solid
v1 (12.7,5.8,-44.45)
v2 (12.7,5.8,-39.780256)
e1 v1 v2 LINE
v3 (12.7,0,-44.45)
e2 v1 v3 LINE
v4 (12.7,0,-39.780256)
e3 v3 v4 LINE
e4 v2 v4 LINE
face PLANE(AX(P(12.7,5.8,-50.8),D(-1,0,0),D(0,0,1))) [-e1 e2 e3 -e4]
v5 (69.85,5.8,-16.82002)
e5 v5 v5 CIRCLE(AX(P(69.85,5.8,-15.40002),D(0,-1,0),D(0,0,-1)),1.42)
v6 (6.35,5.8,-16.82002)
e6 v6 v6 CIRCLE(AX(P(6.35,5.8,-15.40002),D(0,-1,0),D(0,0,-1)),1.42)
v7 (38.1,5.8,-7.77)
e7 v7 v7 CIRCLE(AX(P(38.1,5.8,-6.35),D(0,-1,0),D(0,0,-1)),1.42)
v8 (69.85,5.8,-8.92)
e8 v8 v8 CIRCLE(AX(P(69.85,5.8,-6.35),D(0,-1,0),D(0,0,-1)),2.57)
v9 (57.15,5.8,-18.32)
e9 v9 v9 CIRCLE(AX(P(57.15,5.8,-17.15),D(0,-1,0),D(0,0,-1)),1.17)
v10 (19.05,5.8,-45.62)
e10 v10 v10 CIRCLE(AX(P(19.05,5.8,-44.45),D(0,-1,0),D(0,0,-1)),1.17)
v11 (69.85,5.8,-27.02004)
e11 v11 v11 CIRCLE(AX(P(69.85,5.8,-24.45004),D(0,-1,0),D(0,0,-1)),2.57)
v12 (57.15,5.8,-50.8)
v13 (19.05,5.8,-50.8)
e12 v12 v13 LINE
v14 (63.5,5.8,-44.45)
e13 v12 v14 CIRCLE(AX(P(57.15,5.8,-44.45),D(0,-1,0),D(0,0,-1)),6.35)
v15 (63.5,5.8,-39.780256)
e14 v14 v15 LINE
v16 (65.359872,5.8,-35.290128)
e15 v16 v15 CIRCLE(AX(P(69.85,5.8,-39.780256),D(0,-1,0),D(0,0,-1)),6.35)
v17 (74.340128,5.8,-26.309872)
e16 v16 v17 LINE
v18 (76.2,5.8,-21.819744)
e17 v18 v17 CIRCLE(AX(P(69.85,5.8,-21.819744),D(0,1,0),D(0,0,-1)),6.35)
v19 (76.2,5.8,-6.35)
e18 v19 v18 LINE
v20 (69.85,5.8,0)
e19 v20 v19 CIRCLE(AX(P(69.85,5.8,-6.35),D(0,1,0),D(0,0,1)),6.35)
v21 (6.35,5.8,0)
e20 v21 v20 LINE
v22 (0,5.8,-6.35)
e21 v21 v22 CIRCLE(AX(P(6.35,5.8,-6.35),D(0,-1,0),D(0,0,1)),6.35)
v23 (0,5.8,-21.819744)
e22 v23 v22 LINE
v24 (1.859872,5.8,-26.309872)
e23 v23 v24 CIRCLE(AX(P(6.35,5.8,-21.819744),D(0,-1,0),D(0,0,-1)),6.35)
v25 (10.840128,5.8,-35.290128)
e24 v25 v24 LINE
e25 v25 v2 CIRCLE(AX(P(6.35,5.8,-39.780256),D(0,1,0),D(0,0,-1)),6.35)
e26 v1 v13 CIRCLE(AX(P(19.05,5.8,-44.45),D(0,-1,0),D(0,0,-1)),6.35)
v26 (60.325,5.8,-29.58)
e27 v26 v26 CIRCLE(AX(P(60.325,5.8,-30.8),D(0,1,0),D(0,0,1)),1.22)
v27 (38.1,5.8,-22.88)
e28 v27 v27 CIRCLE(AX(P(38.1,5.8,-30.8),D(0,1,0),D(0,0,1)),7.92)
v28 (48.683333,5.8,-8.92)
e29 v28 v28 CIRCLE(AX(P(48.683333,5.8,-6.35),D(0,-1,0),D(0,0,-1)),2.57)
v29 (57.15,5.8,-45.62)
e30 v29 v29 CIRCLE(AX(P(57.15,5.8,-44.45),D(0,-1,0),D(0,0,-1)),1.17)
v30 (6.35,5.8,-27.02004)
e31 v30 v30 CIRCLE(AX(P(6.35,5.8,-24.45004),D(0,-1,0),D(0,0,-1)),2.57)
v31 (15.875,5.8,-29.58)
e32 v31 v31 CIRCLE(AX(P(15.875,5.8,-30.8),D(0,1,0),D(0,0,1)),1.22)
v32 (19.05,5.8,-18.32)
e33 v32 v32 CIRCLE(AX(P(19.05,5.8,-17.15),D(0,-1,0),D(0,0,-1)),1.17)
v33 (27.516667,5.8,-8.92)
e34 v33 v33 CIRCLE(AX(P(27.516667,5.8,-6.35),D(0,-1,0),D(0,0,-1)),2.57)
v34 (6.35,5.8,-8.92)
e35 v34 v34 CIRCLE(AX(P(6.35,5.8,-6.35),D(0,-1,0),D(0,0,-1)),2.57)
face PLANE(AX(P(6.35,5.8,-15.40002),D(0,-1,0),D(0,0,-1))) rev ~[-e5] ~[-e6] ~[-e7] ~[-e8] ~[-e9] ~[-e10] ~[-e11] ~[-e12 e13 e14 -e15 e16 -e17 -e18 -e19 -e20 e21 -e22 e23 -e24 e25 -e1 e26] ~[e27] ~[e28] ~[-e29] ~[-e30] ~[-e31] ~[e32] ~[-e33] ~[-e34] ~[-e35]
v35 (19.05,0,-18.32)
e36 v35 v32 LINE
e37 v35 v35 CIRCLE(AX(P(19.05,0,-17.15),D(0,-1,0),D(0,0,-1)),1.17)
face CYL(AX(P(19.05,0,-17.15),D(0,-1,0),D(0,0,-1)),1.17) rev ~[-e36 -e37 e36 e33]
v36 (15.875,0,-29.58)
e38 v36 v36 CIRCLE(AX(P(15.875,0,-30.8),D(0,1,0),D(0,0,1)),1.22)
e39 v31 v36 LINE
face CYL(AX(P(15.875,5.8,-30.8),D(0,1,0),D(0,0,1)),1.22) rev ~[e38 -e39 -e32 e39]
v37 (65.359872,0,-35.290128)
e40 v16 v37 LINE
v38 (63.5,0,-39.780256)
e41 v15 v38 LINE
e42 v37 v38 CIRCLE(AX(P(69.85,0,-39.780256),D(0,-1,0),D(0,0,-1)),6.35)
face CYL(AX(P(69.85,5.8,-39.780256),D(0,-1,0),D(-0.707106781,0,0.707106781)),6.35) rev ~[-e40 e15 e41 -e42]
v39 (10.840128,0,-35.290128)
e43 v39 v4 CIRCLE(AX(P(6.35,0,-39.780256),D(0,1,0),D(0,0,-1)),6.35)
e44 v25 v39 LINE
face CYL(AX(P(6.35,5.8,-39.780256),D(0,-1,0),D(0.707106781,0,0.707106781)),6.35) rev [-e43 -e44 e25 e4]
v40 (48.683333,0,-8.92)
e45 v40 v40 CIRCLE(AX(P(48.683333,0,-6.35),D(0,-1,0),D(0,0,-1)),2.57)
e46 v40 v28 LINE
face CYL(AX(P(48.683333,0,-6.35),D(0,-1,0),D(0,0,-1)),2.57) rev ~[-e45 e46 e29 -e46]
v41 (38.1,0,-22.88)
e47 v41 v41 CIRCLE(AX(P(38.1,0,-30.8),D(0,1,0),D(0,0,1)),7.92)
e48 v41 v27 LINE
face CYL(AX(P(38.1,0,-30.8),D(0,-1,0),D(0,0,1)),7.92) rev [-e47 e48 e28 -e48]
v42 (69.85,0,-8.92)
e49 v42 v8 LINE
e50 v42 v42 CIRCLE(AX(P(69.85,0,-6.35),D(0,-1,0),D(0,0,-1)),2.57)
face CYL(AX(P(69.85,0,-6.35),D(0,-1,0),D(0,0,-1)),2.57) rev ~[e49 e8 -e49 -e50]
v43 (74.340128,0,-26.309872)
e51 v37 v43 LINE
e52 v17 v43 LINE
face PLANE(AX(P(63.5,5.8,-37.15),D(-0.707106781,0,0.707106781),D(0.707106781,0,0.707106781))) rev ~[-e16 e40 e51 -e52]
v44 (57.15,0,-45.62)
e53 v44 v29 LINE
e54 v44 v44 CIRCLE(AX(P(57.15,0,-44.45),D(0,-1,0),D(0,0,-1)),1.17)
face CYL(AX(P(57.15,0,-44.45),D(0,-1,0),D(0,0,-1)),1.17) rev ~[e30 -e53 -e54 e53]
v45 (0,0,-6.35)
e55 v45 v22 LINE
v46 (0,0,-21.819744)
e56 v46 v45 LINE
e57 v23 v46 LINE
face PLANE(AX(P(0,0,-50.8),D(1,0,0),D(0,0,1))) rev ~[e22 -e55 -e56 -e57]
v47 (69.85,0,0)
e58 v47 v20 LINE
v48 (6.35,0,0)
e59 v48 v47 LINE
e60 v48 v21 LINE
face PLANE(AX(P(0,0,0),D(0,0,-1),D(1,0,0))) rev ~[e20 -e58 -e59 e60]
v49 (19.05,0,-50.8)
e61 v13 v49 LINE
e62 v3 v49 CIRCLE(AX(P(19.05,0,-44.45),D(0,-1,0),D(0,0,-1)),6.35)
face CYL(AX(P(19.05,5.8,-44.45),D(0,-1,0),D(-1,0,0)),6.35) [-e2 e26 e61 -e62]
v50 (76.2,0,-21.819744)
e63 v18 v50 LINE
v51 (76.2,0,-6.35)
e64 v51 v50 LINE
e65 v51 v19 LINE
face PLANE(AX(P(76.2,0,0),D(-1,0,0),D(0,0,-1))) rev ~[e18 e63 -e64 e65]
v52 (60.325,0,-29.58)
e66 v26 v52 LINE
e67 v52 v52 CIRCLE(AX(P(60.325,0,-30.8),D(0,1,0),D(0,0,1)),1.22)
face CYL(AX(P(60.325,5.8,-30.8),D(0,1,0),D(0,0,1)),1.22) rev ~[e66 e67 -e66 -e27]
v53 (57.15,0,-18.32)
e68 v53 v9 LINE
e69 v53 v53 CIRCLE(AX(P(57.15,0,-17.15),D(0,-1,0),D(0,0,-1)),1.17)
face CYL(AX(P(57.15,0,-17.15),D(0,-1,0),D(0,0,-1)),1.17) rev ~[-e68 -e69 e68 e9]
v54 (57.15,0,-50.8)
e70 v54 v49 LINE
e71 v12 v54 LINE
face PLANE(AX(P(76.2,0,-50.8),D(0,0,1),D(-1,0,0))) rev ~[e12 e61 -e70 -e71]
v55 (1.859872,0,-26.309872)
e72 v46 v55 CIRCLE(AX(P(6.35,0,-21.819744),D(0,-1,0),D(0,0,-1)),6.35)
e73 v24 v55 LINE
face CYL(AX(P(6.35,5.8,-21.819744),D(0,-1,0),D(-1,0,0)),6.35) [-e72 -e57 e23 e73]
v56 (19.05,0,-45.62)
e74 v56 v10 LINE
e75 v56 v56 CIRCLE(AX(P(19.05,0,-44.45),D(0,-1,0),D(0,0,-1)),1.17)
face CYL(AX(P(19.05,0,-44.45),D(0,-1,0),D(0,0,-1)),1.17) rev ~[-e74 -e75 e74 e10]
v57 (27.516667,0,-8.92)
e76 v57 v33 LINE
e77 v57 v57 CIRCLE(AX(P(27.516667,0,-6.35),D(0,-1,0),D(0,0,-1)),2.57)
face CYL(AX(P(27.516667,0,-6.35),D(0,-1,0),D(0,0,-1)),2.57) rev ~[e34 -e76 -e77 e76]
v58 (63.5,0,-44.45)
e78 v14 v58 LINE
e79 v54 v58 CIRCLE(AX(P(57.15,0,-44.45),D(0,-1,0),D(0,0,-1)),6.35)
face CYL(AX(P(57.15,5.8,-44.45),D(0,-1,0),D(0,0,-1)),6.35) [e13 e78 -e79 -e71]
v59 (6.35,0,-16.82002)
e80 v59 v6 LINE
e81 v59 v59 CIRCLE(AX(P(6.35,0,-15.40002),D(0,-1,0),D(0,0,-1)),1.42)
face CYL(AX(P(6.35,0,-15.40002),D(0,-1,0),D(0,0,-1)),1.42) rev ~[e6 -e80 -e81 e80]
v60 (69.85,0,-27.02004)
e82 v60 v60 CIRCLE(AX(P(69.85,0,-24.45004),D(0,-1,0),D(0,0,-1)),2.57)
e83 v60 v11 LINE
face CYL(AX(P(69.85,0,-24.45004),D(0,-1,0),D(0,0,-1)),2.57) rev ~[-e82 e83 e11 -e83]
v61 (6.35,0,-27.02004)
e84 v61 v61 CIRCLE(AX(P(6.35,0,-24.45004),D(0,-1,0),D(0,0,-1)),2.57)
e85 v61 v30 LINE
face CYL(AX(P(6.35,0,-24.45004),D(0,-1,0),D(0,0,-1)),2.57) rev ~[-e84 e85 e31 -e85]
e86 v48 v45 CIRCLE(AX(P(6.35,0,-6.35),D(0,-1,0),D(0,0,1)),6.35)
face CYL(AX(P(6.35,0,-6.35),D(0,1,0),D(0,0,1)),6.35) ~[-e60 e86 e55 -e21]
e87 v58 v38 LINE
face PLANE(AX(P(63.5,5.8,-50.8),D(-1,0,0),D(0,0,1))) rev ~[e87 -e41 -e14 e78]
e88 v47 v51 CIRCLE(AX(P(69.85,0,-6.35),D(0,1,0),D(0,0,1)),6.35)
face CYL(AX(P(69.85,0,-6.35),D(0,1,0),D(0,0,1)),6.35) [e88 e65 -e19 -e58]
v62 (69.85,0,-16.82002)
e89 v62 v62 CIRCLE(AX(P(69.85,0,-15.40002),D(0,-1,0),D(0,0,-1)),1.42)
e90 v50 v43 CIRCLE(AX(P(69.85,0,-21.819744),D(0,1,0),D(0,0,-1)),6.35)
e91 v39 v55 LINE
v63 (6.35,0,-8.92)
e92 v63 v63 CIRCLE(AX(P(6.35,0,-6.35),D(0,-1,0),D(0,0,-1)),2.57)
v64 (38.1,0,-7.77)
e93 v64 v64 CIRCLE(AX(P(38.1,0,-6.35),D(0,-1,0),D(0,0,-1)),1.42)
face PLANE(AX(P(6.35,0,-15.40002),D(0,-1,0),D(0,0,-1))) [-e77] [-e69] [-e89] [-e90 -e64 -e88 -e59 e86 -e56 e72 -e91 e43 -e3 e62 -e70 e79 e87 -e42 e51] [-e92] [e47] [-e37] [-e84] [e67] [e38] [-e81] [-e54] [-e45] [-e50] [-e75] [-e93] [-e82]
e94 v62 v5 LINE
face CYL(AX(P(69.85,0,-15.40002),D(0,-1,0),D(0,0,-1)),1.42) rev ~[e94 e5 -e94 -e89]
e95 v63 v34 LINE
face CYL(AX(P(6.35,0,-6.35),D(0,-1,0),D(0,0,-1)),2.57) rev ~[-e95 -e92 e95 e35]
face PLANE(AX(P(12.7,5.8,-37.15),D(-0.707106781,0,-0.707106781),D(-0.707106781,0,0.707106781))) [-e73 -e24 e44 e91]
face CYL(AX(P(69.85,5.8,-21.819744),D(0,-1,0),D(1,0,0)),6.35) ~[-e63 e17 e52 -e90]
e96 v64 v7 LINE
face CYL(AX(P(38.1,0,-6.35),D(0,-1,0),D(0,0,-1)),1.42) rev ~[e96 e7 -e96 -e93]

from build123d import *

# Parameters (mm, degrees)
SKETCH1_R           = 8
BOSS_EXTRUDE1_DEPTH = 5.8
SKETCH2_R           = 1.3
CUT_EXTRUDE1_DEPTH  = 92.764481146
SKETCH14_R          = 1.25
M3_TAP_DEPTH        = 92.764481146
SKETCH15_R          = 2.65
M5_THROUGH_DEPTH    = 92.764481146
CUT_EXTRUDE2_DEPTH  = 92.764481146
FILLET2_R           = 6.35
SKETCH13_R          = 1.5
CUT_EXTRUDE3_DEPTH  = 92.764481146
MOVE_FACE1_BY       = 0.08
MOVE_FACE1_2_BY     = 0.08
MOVE_FACE1_3_BY     = 0.08
MOVE_FACE1_4_BY     = 0.08
MOVE_FACE1_5_BY     = 0.08
MOVE_FACE1_6_BY     = 0.08
MOVE_FACE1_7_BY     = 0.08
MOVE_FACE1_8_BY     = 0.08
MOVE_FACE1_9_BY     = 0.08
MOVE_FACE1_10_BY    = 0.08
MOVE_FACE1_11_BY    = 0.08
MOVE_FACE1_12_BY    = 0.08
MOVE_FACE1_13_BY    = 0.08
MOVE_FACE1_14_BY    = 0.08
MOVE_FACE1_15_BY    = 0.08
MOVE_FACE1_16_BY    = 0.08


with BuildPart() as part:
    # Sketch1 → Boss-Extrude1 (new body)
    with BuildSketch(Plane(origin=(0, 0, 0), x_dir=(1, 0, 0), z_dir=(0, 1, 0))):
        Polygon((0, 0), (76.2, 0), (76.2, 50.8), (38.1, 50.8), (0, 50.8), align=None)
        with Locations(Location((38.1, 30.8, 0), (0, 0, 270))):
            Circle(SKETCH1_R, mode=Mode.SUBTRACT)
    extrude(amount=BOSS_EXTRUDE1_DEPTH)

    # Sketch2 → Cut-Extrude1 (cut, through all)
    with BuildSketch(Plane(origin=(0, 5.8, 0), x_dir=(1, 0, 0), z_dir=(0, 1, 0))):
        with Locations(Location((15.875, 30.8, 0), (0, 0, 270))):
            Circle(SKETCH2_R)
        with Locations(Location((60.325, 30.8, 0), (0, 0, 270))):
            Circle(SKETCH2_R)
    extrude(amount=-CUT_EXTRUDE1_DEPTH, mode=Mode.SUBTRACT)

    # Sketch14 → M3-tap (cut, through all)
    with BuildSketch(Plane.XZ):
        with Locations(Location((57.15, -44.45, 0), (0, 0, 270))):
            Circle(SKETCH14_R)
        with Locations(Location((19.05, -44.45, 0), (0, 0, 270))):
            Circle(SKETCH14_R)
        with Locations(Location((19.05, -17.15, 0), (0, 0, 270))):
            Circle(SKETCH14_R)
        with Locations(Location((57.15, -17.15, 0), (0, 0, 270))):
            Circle(SKETCH14_R)
    extrude(amount=-M3_TAP_DEPTH, mode=Mode.SUBTRACT)

    # Sketch15 → M5-through (cut, through all)
    with BuildSketch(Plane.XZ):
        with Locations(Location((69.85, -24.45004, 0), (0, 0, 270))):
            Circle(SKETCH15_R)
        with Locations(Location((69.85, -6.35, 0), (0, 0, 270))):
            Circle(SKETCH15_R)
        with Locations(Location((48.683333333, -6.35, 0), (0, 0, 270))):
            Circle(SKETCH15_R)
        with Locations(Location((27.516666667, -6.35, 0), (0, 0, 270))):
            Circle(SKETCH15_R)
        with Locations(Location((6.35, -6.35, 0), (0, 0, 270))):
            Circle(SKETCH15_R)
        with Locations(Location((6.35, -24.45004, 0), (0, 0, 270))):
            Circle(SKETCH15_R)
    extrude(amount=-M5_THROUGH_DEPTH, mode=Mode.SUBTRACT)

    # Sketch12 → Cut-Extrude2 (cut, through all)
    with BuildSketch(Plane(origin=(0, 5.8, 0), x_dir=(1, 0, 0), z_dir=(0, 1, 0))):
        Polygon((0, 50.8), (12.7, 50.8), (12.7, 37.15), (0, 24.45), align=None)
        Polygon((63.5, 50.8), (63.5, 37.15), (76.2, 24.45), (76.2, 50.8), align=None)
    extrude(amount=-CUT_EXTRUDE2_DEPTH, mode=Mode.SUBTRACT)

    # Fillet2
    fillet2_edges = [part.edges().sort_by_distance(p)[0] for p in [
        (0, 2.9, -24.45),
        (12.7, 2.9, -50.8),
        (12.7, 2.9, -37.15),
        (76.2, 2.9, 0),
        (63.5, 2.9, -50.8),
        (0, 2.9, 0),
        (76.2, 2.9, -24.45),
        (63.5, 2.9, -37.15),
    ]]
    fillet(fillet2_edges, radius=FILLET2_R)

    # Sketch13 → Cut-Extrude3 (cut, through all)
    with BuildSketch(Plane.XZ):
        with Locations(Location((69.85, -15.40002, 0), (0, 0, 270))):
            Circle(SKETCH13_R)
        with Locations(Location((38.1, -6.35, 0), (0, 0, 270))):
            Circle(SKETCH13_R)
        with Locations(Location((6.35, -15.40002, 0), (0, 0, 270))):
            Circle(SKETCH13_R)
    extrude(amount=-CUT_EXTRUDE3_DEPTH, mode=Mode.SUBTRACT)

    # Move Face1: a curved face moved outward by 0.08
    add(Solid.thicken(part.faces().sort_by_distance((38.1, 2.9, -38.8))[0], MOVE_FACE1_BY))

    # Move Face1 2: a curved face moved outward by 0.08
    add(Solid.thicken(part.faces().sort_by_distance((15.875, 2.9, -32.1))[0], MOVE_FACE1_2_BY))

    # Move Face1 3: a curved face moved outward by 0.08
    add(Solid.thicken(part.faces().sort_by_distance((60.325, 2.9, -32.1))[0], MOVE_FACE1_3_BY))

    # Move Face1 4: a curved face moved outward by 0.08
    add(Solid.thicken(part.faces().sort_by_distance((57.15, 2.9, -43.2))[0], MOVE_FACE1_4_BY))

    # Move Face1 5: a curved face moved outward by 0.08
    add(Solid.thicken(part.faces().sort_by_distance((19.05, 2.9, -43.2))[0], MOVE_FACE1_5_BY))

    # Move Face1 6: a curved face moved outward by 0.08
    add(Solid.thicken(part.faces().sort_by_distance((19.05, 2.9, -15.9))[0], MOVE_FACE1_6_BY))

    # Move Face1 7: a curved face moved outward by 0.08
    add(Solid.thicken(part.faces().sort_by_distance((57.15, 2.9, -15.9))[0], MOVE_FACE1_7_BY))

    # Move Face1 8: a curved face moved outward by 0.08
    add(Solid.thicken(part.faces().sort_by_distance((69.85, 2.9, -21.80004))[0], MOVE_FACE1_8_BY))

    # Move Face1 9: a curved face moved outward by 0.08
    add(Solid.thicken(part.faces().sort_by_distance((69.85, 2.9, -3.7))[0], MOVE_FACE1_9_BY))

    # Move Face1 10: a curved face moved outward by 0.08
    add(Solid.thicken(part.faces().sort_by_distance((48.683333333, 2.9, -3.7))[0], MOVE_FACE1_10_BY))

    # Move Face1 11: a curved face moved outward by 0.08
    add(Solid.thicken(part.faces().sort_by_distance((27.516666667, 2.9, -3.7))[0], MOVE_FACE1_11_BY))

    # Move Face1 12: a curved face moved outward by 0.08
    add(Solid.thicken(part.faces().sort_by_distance((6.35, 2.9, -3.7))[0], MOVE_FACE1_12_BY))

    # Move Face1 13: a curved face moved outward by 0.08
    add(Solid.thicken(part.faces().sort_by_distance((6.35, 2.9, -21.80004))[0], MOVE_FACE1_13_BY))

    # Move Face1 14: a curved face moved outward by 0.08
    add(Solid.thicken(part.faces().sort_by_distance((69.85, 2.9, -13.90002))[0], MOVE_FACE1_14_BY))

    # Move Face1 15: a curved face moved outward by 0.08
    add(Solid.thicken(part.faces().sort_by_distance((38.1, 2.9, -4.85))[0], MOVE_FACE1_15_BY))

    # Move Face1 16: a curved face moved outward by 0.08
    add(Solid.thicken(part.faces().sort_by_distance((6.35, 2.9, -13.90002))[0], MOVE_FACE1_16_BY))


solid = part.part
